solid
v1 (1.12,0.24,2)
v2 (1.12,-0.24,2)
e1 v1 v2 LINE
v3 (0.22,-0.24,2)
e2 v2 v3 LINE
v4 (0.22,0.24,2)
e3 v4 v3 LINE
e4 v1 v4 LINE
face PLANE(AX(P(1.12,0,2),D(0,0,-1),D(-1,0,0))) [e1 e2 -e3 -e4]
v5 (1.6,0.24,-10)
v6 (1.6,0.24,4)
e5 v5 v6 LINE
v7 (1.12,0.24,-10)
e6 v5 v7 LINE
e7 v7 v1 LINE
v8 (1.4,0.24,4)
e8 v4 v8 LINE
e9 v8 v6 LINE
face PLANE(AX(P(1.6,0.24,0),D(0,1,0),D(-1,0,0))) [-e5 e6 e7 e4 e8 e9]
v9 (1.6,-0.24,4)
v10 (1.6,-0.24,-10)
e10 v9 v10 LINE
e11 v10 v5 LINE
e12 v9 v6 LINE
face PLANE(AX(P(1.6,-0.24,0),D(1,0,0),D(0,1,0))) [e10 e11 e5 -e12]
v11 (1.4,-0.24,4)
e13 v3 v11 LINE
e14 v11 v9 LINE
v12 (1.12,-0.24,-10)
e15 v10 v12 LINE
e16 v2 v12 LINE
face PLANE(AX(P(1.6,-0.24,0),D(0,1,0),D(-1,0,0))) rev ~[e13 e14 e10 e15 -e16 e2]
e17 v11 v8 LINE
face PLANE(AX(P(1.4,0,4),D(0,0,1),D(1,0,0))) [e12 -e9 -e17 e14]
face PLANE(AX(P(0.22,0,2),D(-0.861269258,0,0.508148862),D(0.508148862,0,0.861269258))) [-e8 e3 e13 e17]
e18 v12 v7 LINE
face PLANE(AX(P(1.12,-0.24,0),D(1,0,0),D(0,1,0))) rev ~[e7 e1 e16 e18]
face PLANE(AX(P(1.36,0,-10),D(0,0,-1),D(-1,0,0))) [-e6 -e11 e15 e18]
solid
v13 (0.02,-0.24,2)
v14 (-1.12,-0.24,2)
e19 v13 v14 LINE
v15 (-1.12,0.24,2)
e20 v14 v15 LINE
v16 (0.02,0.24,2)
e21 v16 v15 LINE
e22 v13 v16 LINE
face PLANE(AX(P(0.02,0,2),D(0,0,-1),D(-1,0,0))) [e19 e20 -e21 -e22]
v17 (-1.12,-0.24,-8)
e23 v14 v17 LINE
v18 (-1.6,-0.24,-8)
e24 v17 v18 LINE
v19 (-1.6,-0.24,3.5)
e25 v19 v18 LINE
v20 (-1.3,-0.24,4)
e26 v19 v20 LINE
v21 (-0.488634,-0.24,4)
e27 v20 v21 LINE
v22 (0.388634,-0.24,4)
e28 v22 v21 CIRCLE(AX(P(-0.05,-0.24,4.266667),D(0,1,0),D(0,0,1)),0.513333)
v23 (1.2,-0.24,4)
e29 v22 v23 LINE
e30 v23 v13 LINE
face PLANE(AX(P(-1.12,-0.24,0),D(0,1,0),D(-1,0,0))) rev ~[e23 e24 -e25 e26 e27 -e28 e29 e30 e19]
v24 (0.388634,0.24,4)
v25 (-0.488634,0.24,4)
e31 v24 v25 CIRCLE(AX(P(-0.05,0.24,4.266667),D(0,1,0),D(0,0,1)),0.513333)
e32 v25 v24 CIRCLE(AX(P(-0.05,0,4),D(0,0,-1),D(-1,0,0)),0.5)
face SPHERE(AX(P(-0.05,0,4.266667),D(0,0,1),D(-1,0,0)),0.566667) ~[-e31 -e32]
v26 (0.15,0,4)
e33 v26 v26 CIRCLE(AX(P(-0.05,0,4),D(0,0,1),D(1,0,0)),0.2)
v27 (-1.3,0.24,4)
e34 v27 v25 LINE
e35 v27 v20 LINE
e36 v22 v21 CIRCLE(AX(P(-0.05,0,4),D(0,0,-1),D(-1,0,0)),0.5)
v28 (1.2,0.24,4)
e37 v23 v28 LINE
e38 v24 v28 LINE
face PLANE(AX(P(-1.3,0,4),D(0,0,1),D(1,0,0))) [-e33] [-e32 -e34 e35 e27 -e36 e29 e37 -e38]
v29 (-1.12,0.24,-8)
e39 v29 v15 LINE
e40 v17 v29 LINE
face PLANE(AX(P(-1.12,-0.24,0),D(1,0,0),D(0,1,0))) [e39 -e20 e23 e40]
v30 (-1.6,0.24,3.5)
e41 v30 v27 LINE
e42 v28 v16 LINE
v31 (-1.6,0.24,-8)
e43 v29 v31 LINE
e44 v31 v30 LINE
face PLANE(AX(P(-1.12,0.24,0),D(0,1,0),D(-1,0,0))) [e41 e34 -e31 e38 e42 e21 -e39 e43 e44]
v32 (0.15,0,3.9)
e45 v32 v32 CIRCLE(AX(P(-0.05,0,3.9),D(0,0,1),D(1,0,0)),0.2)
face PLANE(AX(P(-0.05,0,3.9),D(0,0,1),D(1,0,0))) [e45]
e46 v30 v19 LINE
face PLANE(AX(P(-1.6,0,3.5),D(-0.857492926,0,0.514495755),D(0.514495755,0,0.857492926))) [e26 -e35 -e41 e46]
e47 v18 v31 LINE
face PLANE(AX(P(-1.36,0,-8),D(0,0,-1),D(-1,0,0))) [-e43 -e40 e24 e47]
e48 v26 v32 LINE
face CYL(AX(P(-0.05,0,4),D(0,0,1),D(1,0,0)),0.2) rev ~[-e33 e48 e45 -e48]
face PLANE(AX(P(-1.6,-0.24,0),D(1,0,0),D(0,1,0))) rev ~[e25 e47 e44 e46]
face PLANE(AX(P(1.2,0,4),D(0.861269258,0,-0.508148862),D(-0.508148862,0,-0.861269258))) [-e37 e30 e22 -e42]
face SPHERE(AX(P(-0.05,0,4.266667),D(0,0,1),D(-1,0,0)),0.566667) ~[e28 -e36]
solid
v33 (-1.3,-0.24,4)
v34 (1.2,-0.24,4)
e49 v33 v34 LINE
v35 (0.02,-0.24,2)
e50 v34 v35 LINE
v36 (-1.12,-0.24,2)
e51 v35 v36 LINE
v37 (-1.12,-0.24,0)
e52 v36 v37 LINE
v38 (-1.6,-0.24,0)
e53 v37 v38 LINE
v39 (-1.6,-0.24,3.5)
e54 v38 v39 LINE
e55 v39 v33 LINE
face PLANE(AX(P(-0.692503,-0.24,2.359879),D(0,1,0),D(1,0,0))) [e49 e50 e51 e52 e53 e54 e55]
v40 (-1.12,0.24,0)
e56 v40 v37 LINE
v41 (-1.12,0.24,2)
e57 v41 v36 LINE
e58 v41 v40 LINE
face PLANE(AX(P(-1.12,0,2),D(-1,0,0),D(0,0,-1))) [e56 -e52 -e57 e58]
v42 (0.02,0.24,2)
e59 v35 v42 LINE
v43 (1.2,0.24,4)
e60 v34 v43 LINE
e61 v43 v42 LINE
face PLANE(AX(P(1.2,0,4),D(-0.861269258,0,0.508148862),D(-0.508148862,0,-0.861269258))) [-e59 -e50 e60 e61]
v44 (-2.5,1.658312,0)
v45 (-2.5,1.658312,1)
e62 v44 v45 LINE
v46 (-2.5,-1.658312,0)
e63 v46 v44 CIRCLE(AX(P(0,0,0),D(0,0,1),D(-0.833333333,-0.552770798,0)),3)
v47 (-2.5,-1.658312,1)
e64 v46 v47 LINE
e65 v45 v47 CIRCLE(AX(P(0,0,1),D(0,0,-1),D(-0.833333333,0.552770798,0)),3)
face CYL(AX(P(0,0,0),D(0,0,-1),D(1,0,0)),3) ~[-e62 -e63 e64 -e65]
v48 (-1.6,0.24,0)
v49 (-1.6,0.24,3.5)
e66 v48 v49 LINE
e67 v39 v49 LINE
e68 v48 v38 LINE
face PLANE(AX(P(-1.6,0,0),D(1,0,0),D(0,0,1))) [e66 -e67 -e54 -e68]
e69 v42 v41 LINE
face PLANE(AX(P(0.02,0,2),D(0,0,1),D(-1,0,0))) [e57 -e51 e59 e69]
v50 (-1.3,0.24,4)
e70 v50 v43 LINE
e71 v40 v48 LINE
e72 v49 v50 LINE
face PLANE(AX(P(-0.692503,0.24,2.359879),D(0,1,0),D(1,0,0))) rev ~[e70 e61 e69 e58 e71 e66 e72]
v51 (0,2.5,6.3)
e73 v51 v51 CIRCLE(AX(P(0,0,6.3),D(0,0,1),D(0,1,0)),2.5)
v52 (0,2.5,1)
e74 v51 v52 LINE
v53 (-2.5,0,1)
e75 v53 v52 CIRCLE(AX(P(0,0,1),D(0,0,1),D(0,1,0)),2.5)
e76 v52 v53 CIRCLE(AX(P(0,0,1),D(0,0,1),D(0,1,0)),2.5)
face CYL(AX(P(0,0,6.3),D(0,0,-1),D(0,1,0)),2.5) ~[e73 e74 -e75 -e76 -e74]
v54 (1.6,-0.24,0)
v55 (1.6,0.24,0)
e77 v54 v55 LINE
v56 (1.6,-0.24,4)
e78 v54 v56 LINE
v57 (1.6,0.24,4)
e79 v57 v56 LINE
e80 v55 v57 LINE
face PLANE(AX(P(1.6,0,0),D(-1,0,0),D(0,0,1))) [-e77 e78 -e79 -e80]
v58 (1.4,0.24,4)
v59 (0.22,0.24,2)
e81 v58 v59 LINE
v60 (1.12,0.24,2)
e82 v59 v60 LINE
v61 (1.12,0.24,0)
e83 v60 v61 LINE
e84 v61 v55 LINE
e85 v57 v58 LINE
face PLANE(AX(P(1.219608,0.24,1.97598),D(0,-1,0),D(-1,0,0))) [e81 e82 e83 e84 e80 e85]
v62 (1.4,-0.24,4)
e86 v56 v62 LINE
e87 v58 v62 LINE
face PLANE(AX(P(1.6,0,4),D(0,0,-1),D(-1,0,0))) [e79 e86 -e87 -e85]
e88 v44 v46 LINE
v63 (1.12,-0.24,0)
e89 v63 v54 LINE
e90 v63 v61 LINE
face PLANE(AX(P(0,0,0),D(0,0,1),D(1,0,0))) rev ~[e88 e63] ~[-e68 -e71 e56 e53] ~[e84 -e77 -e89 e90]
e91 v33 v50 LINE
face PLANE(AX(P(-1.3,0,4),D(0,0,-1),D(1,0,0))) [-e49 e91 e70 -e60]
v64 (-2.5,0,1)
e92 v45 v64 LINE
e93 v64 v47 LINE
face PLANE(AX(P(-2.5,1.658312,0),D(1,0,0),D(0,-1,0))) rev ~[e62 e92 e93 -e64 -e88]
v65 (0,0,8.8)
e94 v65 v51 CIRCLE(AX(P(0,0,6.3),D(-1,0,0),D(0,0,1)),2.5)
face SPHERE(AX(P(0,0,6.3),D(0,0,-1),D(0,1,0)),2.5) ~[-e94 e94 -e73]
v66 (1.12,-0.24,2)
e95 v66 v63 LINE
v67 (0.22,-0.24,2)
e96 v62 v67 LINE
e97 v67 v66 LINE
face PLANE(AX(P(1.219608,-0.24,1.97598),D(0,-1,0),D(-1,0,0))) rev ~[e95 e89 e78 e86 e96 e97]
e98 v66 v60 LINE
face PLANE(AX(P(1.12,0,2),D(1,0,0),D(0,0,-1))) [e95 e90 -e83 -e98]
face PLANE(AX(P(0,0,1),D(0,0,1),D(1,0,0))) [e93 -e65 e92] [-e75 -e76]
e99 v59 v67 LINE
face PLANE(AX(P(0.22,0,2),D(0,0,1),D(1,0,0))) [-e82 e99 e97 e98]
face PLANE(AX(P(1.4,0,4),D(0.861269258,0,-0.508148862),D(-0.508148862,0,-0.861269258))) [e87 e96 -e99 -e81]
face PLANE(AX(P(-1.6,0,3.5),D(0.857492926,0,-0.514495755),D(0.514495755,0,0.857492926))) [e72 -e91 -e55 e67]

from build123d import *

# Parameters (mm, degrees)
ESBO_O1_R                  = 3
RESSALTO_EXTRUS_O1_DEPTH   = 1
CORTE_EXTRUS_O1_DEPTH      = 1
ESBO_O5_W                  = 0.48
ESBO_O5_H                  = 0.48
RESSALTO_EXTRUS_O2_DEPTH   = 8
RESSALTO_EXTRUS_O2_2_DEPTH = 8
ESBO_O6_W                  = 0.48
ESBO_O6_H                  = 0.48
RESSALTO_EXTRUS_O3_DEPTH   = 2
CORTE_EXTRUS_O2_DEPTH      = 0.24
RESSALTO_EXTRUS_O4_DEPTH   = 0.24
RESSALTO_EXTRUS_O4_2_DEPTH = 0.24
ESBO_O12_R                 = 0.2
CORTE_EXTRUS_O3_DEPTH      = 0.1


with BuildPart() as part:
    # Esboço1 → Ressalto-extrusão1 (new body)
    with BuildSketch(Plane.XY):
        Circle(ESBO_O1_R)
    extrude(amount=RESSALTO_EXTRUS_O1_DEPTH)

    # Esboço3 → Revolução1 (revolve)
    with BuildSketch(Plane(origin=(0, 0, 0), x_dir=(0, 0, -1), z_dir=(1, 0, 0))):
        with BuildLine():
            Line((-1, 0), (-8.8, 0))
            ThreePointArc((-8.8, 0), (-8.067766953, 1.767766953), (-6.3, 2.5))
            Line((-6.3, 2.5), (-1, 2.5))
            Line((-1, 2.5), (-1, 0))
        make_face()
    revolve(axis=Axis((0, 0, 1), (0, 0, 1)))

    # Esboço4 → Corte-extrusão1 (cut)
    with BuildSketch(Plane(origin=(0, 0, 0), x_dir=(-1, 0, 0), z_dir=(0, 0, -1))):
        with BuildLine():
            Line((2.5, 1.658312395), (2.5, -1.658312395))
            ThreePointArc((2.5, -1.658312395), (3, 0), (2.5, 1.658312395))
        make_face()
    extrude(amount=-CORTE_EXTRUS_O1_DEPTH, mode=Mode.SUBTRACT)

    # Esboço7 → Corte-extrusão2 (cut, symmetric)
    with BuildSketch(Plane(origin=(0, 0, 0), x_dir=(1, 0, 0), z_dir=(0, 1, 0))):
        Polygon((-1.6, 0), (-1.6, -3.5), (-1.3, -4), (1.2, -4), (0.02, -2), (-1.12, -2), (-1.12, 0), align=None)
        Polygon((1.6, 0), (1.6, -4), (1.4, -4), (0.22, -2), (1.12, -2), (1.12, 0), align=None)
    extrude(amount=CORTE_EXTRUS_O2_DEPTH, both=True, mode=Mode.SUBTRACT)


with BuildPart() as body_2:
    # Esboço5 → Ressalto-extrusão2 (new body)
    with BuildSketch(Plane(origin=(0, 0, 0), x_dir=(-1, 0, 0), z_dir=(0, 0, -1))):
        with Locations((-1.36, 0)):
            Rectangle(ESBO_O5_W, ESBO_O5_H)
    extrude(amount=RESSALTO_EXTRUS_O2_DEPTH)


with BuildPart() as body_3:
    # Esboço5 → Ressalto-extrus_o2 2 (new body)
    with BuildSketch(Plane(origin=(0, 0, 0), x_dir=(-1, 0, 0), z_dir=(0, 0, -1))):
        with Locations((1.36, 0)):
            Rectangle(ESBO_O5_W, ESBO_O5_H)
    extrude(amount=RESSALTO_EXTRUS_O2_2_DEPTH)


with BuildPart() as body_4:
    # Esboço6 → Ressalto-extrusão3 (new body)
    with BuildSketch(Plane(origin=(0, 0, -8), x_dir=(-1, 0, 0), z_dir=(0, 0, -1))):
        with Locations((-1.36, 0)):
            Rectangle(ESBO_O6_W, ESBO_O6_H)
    extrude(amount=RESSALTO_EXTRUS_O3_DEPTH)


with BuildPart() as body_5:
    # Esboço8 → Ressalto-extrusão4 (new body, symmetric)
    with BuildSketch(Plane(origin=(0, 0, 0), x_dir=(1, 0, 0), z_dir=(0, 1, 0))):
        Polygon((-1.3, -4), (1.2, -4), (0.02, -2), (-1.12, -2), (-1.12, 0), (-1.6, 0), (-1.6, -3.5), align=None)
    extrude(amount=RESSALTO_EXTRUS_O4_DEPTH, both=True)

    # Combinar2: union body 3
    add(body_3.part)

    # Esboço10 → Corte-Revolução1 (revolve, cut)
    with BuildSketch(Plane(origin=(0, 0, 0), x_dir=(1, 0, 0), z_dir=(0, 1, 0))):
        with BuildLine():
            Line((-0.05, -4), (-0.05, -3.7))
            ThreePointArc((-0.05, -3.7), (-0.341547595, -3.780754009), (-0.55, -4))
            Line((-0.55, -4), (-0.05, -4))
        make_face()
    revolve(axis=Axis((-0.05, 0, 4), (0, 0, -1)), mode=Mode.SUBTRACT)


with BuildPart() as body_6:
    # Esboço8 → Ressalto-extrus_o4 2 (new body, symmetric)
    with BuildSketch(Plane(origin=(0, 0, 0), x_dir=(1, 0, 0), z_dir=(0, 1, 0))):
        Polygon((0.22, -2), (1.4, -4), (1.6, -4), (1.6, 0), (1.12, 0), (1.12, -2), align=None)
    extrude(amount=RESSALTO_EXTRUS_O4_2_DEPTH, both=True)

    # Combinar1: union body 4, body 2
    add(body_4.part)
    add(body_2.part)


with BuildPart() as body_4_2:
    # Esboço11 → Revolução2 (revolve)
    with BuildSketch(Plane(origin=(0, 0, 0), x_dir=(1, 0, 0), z_dir=(0, 1, 0))):
        with BuildLine():
            Line((-0.55, -4), (-0.05, -4))
            Line((-0.05, -4), (-0.05, -3.7))
            ThreePointArc((-0.05, -3.7), (-0.341547595, -3.780754009), (-0.55, -4))
        make_face()
    revolve(axis=Axis((-0.05, 0, 4), (0, 0, -1)))

    # Combinar3: union body 5
    add(body_5.part)

    # Esboço12 → Corte-extrusão3 (cut)
    with BuildSketch(Plane.XY.offset(4)):
        with Locations((-0.05, 0)):
            Circle(ESBO_O12_R)
    extrude(amount=-CORTE_EXTRUS_O3_DEPTH, mode=Mode.SUBTRACT)


solid = Compound([part.part, body_6.part, body_4_2.part])
